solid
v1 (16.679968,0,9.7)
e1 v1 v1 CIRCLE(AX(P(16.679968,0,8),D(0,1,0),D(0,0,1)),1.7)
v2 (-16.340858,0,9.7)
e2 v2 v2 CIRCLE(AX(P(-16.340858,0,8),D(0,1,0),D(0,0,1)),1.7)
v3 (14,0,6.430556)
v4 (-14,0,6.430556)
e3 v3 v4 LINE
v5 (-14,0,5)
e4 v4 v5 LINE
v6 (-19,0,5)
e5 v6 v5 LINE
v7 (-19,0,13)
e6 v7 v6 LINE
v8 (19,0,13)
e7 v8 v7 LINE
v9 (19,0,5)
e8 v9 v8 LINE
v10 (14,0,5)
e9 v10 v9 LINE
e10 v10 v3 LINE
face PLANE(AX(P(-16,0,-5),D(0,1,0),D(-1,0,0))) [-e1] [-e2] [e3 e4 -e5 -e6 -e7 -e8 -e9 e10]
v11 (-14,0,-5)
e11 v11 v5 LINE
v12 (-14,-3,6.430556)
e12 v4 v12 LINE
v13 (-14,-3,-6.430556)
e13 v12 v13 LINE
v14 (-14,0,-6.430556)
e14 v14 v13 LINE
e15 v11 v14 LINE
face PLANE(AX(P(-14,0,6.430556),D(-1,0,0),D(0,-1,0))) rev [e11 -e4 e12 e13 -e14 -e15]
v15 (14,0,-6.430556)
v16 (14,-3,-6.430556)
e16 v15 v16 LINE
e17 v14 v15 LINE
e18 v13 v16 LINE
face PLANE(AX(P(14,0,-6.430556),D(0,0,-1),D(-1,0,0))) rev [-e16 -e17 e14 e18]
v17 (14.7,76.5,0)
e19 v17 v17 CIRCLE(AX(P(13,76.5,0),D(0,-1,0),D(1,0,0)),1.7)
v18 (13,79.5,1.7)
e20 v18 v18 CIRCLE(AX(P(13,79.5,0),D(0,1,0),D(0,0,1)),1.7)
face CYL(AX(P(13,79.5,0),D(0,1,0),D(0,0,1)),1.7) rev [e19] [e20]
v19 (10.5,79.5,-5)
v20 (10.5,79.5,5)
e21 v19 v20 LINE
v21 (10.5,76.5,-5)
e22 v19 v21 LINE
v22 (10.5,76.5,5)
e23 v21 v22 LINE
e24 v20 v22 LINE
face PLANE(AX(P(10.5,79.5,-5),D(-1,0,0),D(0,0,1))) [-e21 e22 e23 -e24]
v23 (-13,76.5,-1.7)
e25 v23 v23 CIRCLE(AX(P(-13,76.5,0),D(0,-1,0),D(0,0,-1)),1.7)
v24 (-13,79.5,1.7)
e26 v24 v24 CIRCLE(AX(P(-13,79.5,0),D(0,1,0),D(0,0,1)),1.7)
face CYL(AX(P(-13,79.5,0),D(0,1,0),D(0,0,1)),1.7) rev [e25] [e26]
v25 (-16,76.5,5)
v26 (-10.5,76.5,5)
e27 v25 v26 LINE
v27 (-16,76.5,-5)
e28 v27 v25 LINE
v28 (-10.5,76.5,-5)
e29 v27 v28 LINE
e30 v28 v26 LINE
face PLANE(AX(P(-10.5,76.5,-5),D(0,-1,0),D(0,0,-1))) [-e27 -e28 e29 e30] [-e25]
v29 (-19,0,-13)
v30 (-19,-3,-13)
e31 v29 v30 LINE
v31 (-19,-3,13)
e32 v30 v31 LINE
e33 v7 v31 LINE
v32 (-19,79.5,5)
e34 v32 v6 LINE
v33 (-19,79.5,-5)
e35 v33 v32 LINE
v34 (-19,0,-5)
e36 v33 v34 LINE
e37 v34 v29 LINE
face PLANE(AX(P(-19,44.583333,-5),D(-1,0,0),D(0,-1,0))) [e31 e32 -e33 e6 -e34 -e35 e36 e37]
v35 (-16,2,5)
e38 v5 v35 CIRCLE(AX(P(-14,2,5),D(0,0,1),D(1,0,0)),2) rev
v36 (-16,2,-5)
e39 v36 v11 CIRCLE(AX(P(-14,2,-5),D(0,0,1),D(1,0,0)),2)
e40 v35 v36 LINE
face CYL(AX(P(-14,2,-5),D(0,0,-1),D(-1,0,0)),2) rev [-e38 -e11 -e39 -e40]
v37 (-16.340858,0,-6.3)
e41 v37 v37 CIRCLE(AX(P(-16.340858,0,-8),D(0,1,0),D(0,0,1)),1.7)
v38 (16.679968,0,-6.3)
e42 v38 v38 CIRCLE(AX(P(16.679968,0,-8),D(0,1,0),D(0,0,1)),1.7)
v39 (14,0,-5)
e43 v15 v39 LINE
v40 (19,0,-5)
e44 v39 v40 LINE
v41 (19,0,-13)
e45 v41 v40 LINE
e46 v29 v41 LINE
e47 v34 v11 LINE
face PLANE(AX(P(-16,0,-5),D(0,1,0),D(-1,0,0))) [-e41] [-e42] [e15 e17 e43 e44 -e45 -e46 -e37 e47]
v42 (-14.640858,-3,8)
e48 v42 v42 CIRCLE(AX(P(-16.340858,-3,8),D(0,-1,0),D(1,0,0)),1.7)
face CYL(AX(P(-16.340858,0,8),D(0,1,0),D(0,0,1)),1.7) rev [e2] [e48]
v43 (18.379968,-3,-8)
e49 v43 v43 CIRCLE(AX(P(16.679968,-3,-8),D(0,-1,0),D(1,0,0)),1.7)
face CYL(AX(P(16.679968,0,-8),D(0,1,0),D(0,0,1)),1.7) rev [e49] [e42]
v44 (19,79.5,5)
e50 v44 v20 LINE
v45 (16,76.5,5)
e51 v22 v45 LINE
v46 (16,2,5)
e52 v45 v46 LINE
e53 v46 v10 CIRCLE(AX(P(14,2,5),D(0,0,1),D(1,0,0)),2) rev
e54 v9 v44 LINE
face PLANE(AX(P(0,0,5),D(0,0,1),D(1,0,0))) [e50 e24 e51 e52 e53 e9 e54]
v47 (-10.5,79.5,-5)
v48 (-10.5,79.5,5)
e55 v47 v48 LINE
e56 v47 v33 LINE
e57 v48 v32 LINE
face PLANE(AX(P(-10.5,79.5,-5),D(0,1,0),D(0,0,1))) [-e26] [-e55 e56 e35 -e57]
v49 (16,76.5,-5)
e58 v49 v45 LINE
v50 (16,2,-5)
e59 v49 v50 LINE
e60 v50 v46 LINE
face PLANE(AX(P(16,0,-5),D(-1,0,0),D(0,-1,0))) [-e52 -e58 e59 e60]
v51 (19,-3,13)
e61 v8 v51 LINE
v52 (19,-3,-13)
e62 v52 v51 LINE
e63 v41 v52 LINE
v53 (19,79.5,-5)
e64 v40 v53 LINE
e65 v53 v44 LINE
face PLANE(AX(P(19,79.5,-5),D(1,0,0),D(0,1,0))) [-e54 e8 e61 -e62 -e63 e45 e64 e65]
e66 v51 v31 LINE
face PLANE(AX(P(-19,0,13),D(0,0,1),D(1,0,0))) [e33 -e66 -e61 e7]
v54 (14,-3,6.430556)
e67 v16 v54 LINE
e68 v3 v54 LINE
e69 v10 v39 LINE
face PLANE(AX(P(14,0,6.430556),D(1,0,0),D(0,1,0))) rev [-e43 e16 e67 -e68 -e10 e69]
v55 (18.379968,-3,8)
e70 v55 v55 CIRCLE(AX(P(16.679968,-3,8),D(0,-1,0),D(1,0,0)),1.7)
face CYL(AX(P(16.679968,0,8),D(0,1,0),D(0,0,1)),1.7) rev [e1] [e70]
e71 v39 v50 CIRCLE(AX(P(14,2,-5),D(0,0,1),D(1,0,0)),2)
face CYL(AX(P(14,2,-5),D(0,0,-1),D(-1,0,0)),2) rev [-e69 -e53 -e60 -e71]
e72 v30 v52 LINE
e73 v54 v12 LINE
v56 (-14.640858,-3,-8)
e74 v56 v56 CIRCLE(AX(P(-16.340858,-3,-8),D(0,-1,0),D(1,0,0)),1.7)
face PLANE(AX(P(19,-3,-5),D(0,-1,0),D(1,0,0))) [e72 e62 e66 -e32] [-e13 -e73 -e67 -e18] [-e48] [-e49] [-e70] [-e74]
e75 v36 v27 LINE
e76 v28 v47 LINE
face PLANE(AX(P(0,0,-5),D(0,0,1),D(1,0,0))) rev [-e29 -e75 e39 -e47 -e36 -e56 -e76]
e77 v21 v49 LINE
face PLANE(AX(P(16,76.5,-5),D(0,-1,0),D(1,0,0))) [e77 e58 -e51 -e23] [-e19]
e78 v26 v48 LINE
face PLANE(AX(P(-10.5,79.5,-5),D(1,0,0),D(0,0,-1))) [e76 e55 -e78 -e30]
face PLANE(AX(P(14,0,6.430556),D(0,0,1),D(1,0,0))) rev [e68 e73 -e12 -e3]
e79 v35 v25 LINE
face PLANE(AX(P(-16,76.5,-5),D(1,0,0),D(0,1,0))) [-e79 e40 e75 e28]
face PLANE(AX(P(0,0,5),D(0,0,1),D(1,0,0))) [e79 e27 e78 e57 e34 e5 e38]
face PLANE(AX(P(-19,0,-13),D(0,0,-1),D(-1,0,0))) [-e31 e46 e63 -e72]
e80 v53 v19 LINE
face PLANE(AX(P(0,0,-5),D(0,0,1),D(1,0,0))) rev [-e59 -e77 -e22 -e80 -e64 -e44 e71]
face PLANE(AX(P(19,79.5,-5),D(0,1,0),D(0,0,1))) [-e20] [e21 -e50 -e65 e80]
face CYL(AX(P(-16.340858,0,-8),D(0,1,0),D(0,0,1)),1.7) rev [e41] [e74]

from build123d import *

# Parameters (mm, degrees)
BOSS_EXTRUDE1_DEPTH      = 5
BOSS_EXTRUDE1_DEPTH_BACK = 5
SKETCH3_W                = 38
SKETCH3_H                = 26
BOSS_EXTRUDE2_DEPTH      = 3
M3_CLEARANCE_HOLE1_D     = 3.4
M3_CLEARANCE_HOLE1_DEPTH = 3
FILLET3_R                = 2
M3_CLEARANCE_HOLE2_D     = 3.4
M3_CLEARANCE_HOLE2_DEPTH = 10
M3_CLEARANCE_HOLE2_TIP   = 1.021463052
SKETCH4_W                = 28
SKETCH4_H                = 12.861112754
CUT_EXTRUDE2_DEPTH       = 3


with BuildPart() as part:
    # Sketch1 → Boss-Extrude1 (new, two sides: drawn at the far end of the back side and taken through both)
    with BuildSketch(Plane.XY.offset(-BOSS_EXTRUDE1_DEPTH_BACK)):
        Polygon((19, -3), (-19, -3), (-19, 44.583333333), (-19, 79.5), (-10.5, 79.5), (-10.5, 76.5), (-16, 76.5), (-16, 0), (16, 0), (16, 76.5), (10.5, 76.5), (10.5, 79.5), (19, 79.5), align=None)
    extrude(amount=BOSS_EXTRUDE1_DEPTH + BOSS_EXTRUDE1_DEPTH_BACK)

    # Sketch3 → Boss-Extrude2 (add)
    with BuildSketch(Plane(origin=(0, -3, 0), x_dir=(-1, 0, 0), z_dir=(0, -1, 0))):
        Rectangle(SKETCH3_W, SKETCH3_H)
    extrude(amount=-BOSS_EXTRUDE2_DEPTH)

    # M3 Clearance Hole1
    with Locations(Plane(origin=(0, 79.5, 0), x_dir=(1, 0, 0), z_dir=(0, 1, 0))):
        with Locations((-13, 0), (13, 0)):
            Hole(M3_CLEARANCE_HOLE1_D / 2, depth=M3_CLEARANCE_HOLE1_DEPTH)

    # Fillet3
    fillet3_edges = [part.edges().sort_by_distance(p)[0] for p in [
        (-16, 0, 0),
        (16, 0, 0),
    ]]
    fillet(fillet3_edges, radius=FILLET3_R)

    # M3 Clearance Hole2
    with Locations(Plane(origin=(0, 0, 0), x_dir=(1, 0, 0), z_dir=(0, 1, 0))):
        with Locations((16.679968376, -8), (-16.340858472, -8), (16.679968376, 8), (-16.340858472, 8)):
            Hole(M3_CLEARANCE_HOLE2_D / 2, depth=M3_CLEARANCE_HOLE2_DEPTH)
            with Locations((0, 0, -(M3_CLEARANCE_HOLE2_DEPTH + M3_CLEARANCE_HOLE2_TIP / 2))):  # 118° drill point
                Cone(0, M3_CLEARANCE_HOLE2_D / 2, M3_CLEARANCE_HOLE2_TIP, mode=Mode.SUBTRACT)

    # Sketch4 → Cut-Extrude2 (cut)
    with BuildSketch(Plane.XZ.offset(3)):
        Rectangle(SKETCH4_W, SKETCH4_H)
    extrude(amount=-CUT_EXTRUDE2_DEPTH, mode=Mode.SUBTRACT)


solid = part.part
